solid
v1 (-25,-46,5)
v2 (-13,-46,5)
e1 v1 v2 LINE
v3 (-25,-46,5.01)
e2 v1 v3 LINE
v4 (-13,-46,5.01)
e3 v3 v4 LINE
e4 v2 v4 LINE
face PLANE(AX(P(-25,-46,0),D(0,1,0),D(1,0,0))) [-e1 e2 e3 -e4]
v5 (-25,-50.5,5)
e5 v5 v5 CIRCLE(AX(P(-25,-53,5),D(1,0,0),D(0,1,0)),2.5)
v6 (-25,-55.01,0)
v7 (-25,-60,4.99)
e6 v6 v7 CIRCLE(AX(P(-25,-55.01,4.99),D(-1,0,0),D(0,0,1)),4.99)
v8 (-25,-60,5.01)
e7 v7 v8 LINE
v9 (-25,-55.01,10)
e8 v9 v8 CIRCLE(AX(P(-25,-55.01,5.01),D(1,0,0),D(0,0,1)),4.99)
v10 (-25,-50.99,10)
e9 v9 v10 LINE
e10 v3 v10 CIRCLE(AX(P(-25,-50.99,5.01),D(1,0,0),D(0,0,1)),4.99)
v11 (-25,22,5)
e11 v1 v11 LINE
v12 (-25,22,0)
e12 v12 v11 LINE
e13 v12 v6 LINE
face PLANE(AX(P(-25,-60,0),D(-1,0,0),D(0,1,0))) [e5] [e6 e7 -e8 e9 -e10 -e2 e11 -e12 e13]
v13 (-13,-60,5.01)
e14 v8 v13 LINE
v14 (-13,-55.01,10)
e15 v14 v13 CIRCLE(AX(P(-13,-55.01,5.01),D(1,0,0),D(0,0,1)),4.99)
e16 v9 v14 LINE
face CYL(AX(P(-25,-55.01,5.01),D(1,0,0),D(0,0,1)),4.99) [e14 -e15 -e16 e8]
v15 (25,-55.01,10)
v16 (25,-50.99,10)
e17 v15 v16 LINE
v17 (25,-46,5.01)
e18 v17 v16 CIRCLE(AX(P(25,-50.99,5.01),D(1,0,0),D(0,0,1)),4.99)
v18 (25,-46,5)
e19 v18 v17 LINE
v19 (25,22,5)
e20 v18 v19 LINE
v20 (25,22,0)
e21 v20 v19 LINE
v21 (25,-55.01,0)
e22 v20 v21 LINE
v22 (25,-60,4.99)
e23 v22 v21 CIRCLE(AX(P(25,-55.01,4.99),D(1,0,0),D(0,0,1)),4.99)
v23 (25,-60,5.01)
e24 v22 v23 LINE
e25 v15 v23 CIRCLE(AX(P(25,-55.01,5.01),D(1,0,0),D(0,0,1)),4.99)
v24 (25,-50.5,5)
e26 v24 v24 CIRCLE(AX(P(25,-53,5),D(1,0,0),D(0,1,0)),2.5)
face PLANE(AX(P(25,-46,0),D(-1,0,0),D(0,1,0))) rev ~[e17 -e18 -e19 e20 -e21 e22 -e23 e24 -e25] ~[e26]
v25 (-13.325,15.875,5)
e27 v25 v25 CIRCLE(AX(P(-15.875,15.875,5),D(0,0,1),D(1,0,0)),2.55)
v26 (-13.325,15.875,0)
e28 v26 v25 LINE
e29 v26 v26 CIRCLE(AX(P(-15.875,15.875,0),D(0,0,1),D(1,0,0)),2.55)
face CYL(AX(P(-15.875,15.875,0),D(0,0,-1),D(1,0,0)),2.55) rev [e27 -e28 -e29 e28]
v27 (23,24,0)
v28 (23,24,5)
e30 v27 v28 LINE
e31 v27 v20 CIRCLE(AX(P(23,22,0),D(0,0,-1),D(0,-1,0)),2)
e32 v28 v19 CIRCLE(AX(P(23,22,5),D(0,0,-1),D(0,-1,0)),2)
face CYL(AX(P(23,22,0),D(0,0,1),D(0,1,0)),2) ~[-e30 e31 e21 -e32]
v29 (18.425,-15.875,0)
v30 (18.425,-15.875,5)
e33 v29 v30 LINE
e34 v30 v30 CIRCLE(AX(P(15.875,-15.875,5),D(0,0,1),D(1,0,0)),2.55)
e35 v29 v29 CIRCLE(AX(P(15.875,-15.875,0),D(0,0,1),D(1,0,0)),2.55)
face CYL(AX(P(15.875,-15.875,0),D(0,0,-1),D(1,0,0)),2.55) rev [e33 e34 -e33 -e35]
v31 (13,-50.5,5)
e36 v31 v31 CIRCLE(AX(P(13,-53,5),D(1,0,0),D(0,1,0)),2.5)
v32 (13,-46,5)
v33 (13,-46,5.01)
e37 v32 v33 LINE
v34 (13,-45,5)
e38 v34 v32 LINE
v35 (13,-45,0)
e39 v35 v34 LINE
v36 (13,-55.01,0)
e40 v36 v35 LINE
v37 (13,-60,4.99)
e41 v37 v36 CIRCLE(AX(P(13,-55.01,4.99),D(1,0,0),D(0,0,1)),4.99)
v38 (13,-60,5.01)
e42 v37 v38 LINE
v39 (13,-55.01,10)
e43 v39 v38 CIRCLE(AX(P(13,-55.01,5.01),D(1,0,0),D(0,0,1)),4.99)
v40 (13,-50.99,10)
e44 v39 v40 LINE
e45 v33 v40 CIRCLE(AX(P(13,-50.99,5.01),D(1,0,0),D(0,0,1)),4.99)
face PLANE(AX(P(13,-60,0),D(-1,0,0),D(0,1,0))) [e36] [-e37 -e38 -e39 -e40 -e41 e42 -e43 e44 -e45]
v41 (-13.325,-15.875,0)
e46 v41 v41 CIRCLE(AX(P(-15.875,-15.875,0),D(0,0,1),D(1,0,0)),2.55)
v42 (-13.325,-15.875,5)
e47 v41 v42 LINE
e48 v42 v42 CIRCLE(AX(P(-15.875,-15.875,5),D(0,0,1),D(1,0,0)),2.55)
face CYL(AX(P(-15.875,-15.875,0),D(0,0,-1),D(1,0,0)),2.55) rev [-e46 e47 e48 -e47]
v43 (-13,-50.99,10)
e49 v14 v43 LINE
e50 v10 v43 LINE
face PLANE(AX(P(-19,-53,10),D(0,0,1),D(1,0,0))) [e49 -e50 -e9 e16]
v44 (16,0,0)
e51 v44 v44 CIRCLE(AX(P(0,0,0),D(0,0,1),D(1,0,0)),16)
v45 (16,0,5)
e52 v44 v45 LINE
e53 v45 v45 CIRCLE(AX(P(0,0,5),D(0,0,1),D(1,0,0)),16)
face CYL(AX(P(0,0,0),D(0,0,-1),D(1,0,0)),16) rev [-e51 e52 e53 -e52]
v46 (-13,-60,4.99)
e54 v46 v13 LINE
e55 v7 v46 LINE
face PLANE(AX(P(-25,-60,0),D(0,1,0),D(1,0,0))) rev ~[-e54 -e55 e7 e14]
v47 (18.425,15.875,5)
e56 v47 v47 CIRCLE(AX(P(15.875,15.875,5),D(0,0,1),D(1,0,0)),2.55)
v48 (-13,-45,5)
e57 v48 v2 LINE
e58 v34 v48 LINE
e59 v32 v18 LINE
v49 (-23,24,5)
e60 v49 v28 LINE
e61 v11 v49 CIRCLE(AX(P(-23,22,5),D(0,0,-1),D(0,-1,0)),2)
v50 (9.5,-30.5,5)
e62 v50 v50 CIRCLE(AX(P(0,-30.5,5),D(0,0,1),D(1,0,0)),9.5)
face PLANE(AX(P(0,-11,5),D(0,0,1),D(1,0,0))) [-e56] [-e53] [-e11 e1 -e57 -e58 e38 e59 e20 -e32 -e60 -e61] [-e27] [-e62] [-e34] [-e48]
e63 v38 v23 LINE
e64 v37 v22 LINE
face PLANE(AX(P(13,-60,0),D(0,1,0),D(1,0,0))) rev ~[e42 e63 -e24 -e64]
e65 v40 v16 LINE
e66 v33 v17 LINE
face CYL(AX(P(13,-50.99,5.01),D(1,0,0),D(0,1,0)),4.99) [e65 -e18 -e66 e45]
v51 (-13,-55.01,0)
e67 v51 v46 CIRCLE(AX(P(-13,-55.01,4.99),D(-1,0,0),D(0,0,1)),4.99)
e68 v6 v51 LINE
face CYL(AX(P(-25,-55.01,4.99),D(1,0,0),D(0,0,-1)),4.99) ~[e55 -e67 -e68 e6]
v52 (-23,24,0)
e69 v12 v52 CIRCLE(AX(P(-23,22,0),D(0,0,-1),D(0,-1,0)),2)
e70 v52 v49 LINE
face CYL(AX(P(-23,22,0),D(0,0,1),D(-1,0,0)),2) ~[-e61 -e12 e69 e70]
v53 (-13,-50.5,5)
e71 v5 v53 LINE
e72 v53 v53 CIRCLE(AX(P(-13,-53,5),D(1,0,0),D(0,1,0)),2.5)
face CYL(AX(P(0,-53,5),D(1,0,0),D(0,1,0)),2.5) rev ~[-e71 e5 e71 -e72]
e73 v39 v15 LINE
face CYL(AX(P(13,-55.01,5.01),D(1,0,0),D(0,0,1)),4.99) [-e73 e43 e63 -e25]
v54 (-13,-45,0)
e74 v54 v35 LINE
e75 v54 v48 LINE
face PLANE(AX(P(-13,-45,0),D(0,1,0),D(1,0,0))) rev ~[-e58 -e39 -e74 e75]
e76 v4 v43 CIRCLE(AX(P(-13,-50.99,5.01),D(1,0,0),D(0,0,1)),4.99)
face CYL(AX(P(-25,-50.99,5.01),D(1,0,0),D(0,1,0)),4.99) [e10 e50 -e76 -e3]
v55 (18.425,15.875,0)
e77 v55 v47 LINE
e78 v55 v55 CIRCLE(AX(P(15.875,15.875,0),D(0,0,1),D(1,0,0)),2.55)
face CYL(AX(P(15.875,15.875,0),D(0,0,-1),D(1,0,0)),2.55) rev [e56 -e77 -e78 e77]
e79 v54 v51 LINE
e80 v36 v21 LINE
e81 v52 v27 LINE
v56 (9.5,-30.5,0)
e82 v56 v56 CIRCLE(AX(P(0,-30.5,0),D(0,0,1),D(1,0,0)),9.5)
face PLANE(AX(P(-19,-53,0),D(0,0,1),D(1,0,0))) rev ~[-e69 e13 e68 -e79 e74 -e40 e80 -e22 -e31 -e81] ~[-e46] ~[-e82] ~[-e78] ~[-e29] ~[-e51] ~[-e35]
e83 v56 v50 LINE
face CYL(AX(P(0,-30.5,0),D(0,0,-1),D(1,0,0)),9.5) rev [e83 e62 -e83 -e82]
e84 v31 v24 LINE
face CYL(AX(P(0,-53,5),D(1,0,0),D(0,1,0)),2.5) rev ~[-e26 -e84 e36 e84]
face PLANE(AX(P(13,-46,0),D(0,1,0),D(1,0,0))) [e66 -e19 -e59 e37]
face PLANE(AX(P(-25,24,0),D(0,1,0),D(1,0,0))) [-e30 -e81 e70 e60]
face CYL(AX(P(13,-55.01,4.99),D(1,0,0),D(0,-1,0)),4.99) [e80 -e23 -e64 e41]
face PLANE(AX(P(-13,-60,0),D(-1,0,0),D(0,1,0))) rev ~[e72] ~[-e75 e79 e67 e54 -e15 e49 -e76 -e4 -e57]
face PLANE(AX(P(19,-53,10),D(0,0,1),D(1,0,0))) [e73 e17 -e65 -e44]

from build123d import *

# Parameters (mm, degrees)
SKETCH_W        = 50
SKETCH_H        = 70
SKETCH_R        = 16
SKETCH_R_2      = 2.55
SKETCH_R_3      = 9.5
PAD_DEPTH       = 5
SKETCH001_W     = 12
SKETCH001_H     = 14
PAD001_DEPTH    = 10
SKETCH002_R     = 2.5
POCKET_DEPTH    = 25
SKETCH003_W     = 26
SKETCH003_H     = 4
POCKET001_DEPTH = 10
FILLET_R        = 4.99
FILLET001_R     = 2


with BuildPart() as part:
    # Sketch → Pad (new body)
    with BuildSketch(Plane.XY):
        with Locations((0, -11)):
            Rectangle(SKETCH_W, SKETCH_H)
        Circle(SKETCH_R, mode=Mode.SUBTRACT)
        with Locations((15.875, 15.875)):
            Circle(SKETCH_R_2, mode=Mode.SUBTRACT)
        with Locations((-15.875, 15.875)):
            Circle(SKETCH_R_2, mode=Mode.SUBTRACT)
        with Locations((-15.875, -15.875)):
            Circle(SKETCH_R_2, mode=Mode.SUBTRACT)
        with Locations((15.875, -15.875)):
            Circle(SKETCH_R_2, mode=Mode.SUBTRACT)
        with Locations((0, -30.5)):
            Circle(SKETCH_R_3, mode=Mode.SUBTRACT)
    extrude(amount=PAD_DEPTH)

    # Sketch001 → Pad001 (join)
    with BuildSketch(Plane.XY):
        with Locations((-19, -53)):
            Rectangle(SKETCH001_W, SKETCH001_H)
        with Locations((19, -53)):
            Rectangle(SKETCH001_W, SKETCH001_H)
    extrude(amount=PAD001_DEPTH)

    # Sketch002 → Pocket (cut, symmetric)
    with BuildSketch(Plane.YZ):
        with Locations((-53, 5)):
            Circle(SKETCH002_R)
    extrude(amount=POCKET_DEPTH, both=True, mode=Mode.SUBTRACT)

    # Sketch003 → Pocket001 (cut)
    with BuildSketch(Plane.XY):
        with Locations((0, -47)):
            Rectangle(SKETCH003_W, SKETCH003_H)
    extrude(amount=POCKET001_DEPTH, mode=Mode.SUBTRACT)

    # Fillet
    fillet_edges = [part.edges().sort_by_distance(p)[0] for p in [
        (-19, -46, 10),
        (-19, -60, 10),
        (-19, -60, 0),
        (19, -60, 0),
        (19, -60, 10),
        (19, -46, 10),
    ]]
    fillet(fillet_edges, radius=FILLET_R)

    # Fillet001
    fillet001_edges = [part.edges().sort_by_distance(p)[0] for p in [
        (25, 24, 2.5),
        (-25, 24, 2.5),
    ]]
    fillet(fillet001_edges, radius=FILLET001_R)


solid = part.part
